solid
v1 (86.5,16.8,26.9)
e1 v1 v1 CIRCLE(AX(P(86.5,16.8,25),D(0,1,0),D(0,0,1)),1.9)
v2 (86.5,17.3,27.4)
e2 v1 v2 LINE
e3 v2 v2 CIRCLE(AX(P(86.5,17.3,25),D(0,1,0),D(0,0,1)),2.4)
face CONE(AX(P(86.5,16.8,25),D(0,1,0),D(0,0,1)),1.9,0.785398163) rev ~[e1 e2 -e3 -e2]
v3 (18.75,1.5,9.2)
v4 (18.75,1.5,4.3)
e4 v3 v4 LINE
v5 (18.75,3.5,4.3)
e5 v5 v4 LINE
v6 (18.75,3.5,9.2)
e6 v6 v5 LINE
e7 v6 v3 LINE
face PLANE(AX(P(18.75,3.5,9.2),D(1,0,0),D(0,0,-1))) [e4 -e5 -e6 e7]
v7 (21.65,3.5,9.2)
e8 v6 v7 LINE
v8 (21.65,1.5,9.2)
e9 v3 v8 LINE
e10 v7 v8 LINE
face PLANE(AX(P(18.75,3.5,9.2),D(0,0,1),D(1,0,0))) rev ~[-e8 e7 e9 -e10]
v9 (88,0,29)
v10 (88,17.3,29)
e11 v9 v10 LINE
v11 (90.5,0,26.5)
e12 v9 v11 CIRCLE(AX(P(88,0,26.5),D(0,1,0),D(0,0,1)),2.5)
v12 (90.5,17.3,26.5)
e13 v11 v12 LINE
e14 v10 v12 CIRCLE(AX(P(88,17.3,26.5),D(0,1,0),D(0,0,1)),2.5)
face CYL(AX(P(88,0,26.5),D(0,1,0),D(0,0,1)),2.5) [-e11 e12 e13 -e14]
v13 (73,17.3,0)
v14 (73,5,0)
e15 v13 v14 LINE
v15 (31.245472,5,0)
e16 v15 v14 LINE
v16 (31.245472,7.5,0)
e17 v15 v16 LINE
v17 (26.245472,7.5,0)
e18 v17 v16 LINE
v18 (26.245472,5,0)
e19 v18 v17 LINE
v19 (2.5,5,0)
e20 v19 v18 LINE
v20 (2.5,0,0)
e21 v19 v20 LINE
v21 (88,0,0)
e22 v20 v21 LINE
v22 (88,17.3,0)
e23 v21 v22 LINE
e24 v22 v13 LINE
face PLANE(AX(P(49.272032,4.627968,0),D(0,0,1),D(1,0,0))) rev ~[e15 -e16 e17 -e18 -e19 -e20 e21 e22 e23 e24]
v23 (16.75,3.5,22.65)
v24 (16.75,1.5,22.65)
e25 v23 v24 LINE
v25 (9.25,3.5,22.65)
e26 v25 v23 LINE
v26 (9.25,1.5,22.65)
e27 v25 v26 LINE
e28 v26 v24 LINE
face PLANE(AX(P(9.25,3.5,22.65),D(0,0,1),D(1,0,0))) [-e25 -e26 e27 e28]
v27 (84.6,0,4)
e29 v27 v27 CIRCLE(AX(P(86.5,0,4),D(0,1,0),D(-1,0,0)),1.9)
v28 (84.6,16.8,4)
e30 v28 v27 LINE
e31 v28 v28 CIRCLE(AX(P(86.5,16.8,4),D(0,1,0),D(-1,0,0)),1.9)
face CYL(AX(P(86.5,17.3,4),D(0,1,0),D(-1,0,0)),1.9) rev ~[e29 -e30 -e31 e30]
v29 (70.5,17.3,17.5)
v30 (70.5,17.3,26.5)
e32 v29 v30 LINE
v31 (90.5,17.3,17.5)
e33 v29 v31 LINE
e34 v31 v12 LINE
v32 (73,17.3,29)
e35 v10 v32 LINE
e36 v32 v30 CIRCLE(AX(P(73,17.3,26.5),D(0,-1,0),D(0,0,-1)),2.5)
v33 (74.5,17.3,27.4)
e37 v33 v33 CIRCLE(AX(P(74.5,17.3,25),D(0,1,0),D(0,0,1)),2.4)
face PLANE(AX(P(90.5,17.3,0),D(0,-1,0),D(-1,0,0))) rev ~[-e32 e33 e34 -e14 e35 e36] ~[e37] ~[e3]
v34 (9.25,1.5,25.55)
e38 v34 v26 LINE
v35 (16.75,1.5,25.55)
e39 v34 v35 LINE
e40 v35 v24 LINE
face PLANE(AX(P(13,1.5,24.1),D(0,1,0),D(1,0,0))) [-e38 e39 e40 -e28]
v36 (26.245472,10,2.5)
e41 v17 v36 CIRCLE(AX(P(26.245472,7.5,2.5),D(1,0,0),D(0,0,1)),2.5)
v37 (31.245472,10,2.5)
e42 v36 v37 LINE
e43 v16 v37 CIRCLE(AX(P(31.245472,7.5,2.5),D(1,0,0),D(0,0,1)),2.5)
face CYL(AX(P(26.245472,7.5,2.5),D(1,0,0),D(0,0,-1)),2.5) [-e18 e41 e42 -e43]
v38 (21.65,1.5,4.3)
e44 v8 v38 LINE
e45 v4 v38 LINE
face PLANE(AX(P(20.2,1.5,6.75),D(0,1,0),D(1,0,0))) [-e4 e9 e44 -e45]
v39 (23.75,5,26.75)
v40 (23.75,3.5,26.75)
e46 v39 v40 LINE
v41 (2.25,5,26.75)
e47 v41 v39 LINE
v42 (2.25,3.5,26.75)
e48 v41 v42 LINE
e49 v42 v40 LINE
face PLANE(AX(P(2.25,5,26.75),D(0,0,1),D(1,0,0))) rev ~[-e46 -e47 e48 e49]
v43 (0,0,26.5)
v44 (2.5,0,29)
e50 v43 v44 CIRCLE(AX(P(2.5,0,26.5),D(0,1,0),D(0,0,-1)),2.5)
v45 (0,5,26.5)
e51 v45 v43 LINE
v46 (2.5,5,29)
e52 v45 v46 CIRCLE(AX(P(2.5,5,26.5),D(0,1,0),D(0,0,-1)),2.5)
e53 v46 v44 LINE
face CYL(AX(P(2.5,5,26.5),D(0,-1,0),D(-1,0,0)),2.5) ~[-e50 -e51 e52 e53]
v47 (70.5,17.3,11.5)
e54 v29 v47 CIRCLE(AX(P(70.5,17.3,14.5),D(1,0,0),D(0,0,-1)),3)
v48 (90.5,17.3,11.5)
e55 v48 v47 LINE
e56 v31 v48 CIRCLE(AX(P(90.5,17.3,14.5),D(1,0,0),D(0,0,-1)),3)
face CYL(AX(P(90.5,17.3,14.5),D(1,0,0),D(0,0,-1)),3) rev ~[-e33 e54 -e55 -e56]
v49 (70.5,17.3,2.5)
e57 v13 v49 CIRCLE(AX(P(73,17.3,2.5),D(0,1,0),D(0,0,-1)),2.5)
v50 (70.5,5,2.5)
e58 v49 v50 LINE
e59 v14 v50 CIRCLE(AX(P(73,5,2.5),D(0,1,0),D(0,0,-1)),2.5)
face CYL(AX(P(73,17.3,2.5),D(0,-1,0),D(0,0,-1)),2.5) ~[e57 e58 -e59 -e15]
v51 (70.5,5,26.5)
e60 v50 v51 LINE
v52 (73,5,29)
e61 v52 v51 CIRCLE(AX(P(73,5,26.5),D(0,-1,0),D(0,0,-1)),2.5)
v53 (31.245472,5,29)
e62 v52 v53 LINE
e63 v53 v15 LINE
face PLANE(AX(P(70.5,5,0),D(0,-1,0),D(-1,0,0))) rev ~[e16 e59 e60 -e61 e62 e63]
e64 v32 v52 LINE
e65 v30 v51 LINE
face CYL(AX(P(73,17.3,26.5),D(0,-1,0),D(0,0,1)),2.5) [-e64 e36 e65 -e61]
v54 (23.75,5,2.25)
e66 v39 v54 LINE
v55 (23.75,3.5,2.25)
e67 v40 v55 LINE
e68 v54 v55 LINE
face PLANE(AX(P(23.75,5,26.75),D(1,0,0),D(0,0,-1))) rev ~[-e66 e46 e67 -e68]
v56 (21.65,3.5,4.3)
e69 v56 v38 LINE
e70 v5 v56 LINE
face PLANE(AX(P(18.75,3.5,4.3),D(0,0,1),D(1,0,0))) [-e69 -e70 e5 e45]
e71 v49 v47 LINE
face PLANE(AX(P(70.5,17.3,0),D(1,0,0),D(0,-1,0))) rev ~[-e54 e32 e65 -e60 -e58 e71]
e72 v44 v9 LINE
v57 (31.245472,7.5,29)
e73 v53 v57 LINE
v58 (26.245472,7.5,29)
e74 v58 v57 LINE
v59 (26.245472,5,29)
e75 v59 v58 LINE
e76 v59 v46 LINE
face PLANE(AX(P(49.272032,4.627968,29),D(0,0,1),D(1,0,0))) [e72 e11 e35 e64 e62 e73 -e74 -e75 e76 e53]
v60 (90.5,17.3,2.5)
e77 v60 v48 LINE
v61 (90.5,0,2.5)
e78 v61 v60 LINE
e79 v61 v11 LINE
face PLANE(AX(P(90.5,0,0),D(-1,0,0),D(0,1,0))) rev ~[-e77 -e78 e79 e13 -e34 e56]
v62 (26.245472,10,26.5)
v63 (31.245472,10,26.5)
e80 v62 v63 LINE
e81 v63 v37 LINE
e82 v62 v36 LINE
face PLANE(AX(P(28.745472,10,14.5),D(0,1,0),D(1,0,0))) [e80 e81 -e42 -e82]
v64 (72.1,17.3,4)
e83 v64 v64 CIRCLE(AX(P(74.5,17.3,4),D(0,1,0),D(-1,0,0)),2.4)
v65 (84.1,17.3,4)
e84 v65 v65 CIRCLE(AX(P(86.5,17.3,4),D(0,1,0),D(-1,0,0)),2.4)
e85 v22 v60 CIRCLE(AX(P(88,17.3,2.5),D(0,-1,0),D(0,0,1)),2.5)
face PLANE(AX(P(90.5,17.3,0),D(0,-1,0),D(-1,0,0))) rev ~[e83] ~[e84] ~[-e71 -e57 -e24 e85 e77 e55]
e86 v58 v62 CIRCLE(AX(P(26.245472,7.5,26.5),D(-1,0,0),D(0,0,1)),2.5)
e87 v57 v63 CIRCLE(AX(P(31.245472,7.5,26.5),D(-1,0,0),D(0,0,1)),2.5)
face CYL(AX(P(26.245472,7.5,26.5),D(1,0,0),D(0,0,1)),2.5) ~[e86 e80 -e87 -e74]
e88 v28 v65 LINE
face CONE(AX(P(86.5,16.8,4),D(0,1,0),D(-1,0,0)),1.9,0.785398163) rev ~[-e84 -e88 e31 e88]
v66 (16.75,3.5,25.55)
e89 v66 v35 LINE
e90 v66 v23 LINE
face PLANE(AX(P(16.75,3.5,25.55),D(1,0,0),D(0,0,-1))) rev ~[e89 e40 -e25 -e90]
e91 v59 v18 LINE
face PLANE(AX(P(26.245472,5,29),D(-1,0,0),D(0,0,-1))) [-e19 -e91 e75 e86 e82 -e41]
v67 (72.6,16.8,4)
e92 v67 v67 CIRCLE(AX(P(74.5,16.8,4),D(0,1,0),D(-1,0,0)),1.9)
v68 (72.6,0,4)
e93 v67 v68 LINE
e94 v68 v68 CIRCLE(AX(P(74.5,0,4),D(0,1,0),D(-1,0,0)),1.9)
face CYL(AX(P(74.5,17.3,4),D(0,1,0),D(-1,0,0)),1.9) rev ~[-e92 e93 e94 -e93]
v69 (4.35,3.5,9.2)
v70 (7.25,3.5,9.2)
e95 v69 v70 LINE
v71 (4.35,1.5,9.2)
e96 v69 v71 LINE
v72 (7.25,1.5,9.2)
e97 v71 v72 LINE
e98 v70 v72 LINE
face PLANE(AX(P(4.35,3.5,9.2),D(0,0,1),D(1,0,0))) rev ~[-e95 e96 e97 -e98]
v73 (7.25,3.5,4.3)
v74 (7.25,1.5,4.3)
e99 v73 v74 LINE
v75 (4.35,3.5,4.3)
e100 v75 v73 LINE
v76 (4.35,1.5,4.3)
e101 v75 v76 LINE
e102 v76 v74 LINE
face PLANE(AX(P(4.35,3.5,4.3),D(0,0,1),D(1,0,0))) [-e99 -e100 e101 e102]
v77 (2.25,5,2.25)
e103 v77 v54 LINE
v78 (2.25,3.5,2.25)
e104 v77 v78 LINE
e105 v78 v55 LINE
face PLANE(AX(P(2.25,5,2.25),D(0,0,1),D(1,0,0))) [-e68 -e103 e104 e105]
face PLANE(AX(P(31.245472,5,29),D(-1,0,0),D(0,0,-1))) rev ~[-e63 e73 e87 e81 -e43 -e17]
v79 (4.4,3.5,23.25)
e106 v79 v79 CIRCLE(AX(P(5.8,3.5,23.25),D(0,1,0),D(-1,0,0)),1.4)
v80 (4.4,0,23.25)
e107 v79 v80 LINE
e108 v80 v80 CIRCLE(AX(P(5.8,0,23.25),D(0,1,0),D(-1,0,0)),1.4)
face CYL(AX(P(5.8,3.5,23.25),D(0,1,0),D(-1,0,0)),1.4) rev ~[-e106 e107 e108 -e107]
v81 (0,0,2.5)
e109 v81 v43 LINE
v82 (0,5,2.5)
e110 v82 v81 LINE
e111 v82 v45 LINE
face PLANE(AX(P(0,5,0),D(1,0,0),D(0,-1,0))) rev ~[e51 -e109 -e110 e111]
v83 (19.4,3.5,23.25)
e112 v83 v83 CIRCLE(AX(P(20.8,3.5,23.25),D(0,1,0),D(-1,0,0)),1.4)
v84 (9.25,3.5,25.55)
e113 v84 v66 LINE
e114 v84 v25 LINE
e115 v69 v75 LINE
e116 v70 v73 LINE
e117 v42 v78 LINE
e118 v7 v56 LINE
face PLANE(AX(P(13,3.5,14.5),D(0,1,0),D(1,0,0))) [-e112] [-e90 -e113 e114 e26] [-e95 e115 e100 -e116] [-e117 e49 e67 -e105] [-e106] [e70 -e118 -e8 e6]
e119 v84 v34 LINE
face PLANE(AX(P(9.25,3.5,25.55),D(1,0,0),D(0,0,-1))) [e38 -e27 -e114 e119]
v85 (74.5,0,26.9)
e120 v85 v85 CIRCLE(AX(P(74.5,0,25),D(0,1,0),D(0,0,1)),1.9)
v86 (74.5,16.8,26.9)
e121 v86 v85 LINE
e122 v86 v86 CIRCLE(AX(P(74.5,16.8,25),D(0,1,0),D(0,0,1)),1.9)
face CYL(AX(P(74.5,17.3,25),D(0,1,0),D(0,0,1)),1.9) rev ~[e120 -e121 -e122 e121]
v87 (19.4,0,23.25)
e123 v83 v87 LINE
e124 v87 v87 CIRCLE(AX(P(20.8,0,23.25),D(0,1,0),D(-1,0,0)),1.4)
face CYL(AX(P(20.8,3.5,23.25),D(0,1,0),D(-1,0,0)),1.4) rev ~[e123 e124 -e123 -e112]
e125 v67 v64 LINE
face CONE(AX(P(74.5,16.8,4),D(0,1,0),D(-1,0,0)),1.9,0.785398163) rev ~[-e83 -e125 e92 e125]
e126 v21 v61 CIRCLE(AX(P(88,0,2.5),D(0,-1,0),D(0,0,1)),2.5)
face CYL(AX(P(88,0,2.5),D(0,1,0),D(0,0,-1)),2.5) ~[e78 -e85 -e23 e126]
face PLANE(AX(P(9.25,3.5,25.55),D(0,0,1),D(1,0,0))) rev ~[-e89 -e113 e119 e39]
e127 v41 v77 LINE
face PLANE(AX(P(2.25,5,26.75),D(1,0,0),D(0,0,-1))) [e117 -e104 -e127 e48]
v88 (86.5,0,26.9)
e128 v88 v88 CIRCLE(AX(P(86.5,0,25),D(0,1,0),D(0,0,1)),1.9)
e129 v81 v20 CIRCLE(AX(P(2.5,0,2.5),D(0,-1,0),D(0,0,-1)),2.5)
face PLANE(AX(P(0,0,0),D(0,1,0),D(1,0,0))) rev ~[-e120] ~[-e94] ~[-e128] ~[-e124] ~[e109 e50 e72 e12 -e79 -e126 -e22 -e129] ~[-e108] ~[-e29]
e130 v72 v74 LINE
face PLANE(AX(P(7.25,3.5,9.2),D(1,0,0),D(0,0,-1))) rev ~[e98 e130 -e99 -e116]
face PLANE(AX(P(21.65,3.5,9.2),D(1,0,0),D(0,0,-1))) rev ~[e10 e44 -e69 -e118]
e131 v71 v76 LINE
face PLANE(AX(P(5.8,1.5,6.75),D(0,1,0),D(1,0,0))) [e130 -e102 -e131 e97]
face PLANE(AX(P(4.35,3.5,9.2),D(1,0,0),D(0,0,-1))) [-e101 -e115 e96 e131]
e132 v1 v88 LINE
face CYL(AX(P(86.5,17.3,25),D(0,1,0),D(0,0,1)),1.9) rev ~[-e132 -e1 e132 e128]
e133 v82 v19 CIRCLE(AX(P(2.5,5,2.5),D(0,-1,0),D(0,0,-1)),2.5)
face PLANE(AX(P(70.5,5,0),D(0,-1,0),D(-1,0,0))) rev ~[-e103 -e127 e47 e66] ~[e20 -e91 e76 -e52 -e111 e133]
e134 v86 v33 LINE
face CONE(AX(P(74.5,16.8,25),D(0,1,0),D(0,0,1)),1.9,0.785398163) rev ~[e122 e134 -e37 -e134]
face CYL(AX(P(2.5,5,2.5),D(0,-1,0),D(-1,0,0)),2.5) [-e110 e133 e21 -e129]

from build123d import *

# Parameters (mm, degrees)
P_IDAT_VYSUNUT_M1_DEPTH  = 29
SKICA2_W                 = 21.5
SKICA2_H                 = 24.5
ODEBRAT_VYSUNUT_M1_DEPTH = 1.5
SKICA3_R                 = 1.4
ODEBRAT_VYSUNUT_M2_DEPTH = 3.5
SKICA6_W                 = 2.9
SKICA6_H                 = 4.9
SKICA6_W_2               = 7.5
SKICA6_H_2               = 2.9
ODEBRAT_VYSUNUT_M5_DEPTH = 2
ZAOBLIT1_R               = 2.5
ZAOBLIT2_R               = 2.5
SKICA10_R                = 1.9
ODEBRAT_VYSUNUT_M7_DEPTH = 17.3
SKICA20_R                = 3
ODEBRAT_VYSUNUT_M8_DEPTH = 20
ZKOSEN_1_SIZE            = 0.5
SKICA21_W                = 5
SKICA21_H                = 29
P_IDAT_VYSUNUT_M2_DEPTH  = 5
ZAOBLIT4_R               = 2.5


with BuildPart() as part:
    # Skica1 → Přidat vysunutím1 (new body)
    with BuildSketch(Plane.XY):
        Polygon((0, 0), (90.5, 0), (90.5, 17.3), (70.5, 17.3), (70.5, 5), (0, 5), align=None)
    extrude(amount=P_IDAT_VYSUNUT_M1_DEPTH)

    # Skica2 → Odebrat vysunutím1 (cut)
    with BuildSketch(Plane(origin=(0, 5, 0), x_dir=(1, 0, 0), z_dir=(0, 1, 0))):
        with Locations((13, -14.5)):
            Rectangle(SKICA2_W, SKICA2_H)
    extrude(amount=-ODEBRAT_VYSUNUT_M1_DEPTH, mode=Mode.SUBTRACT)

    # Skica3 → Odebrat vysunutím2 (cut)
    with BuildSketch(Plane(origin=(0, 3.5, 0), x_dir=(1, 0, 0), z_dir=(0, 1, 0))):
        with Locations(Location((20.8, -23.25, 0), (0, 0, 180))):
            Circle(SKICA3_R)
        with Locations(Location((5.8, -23.25, 0), (0, 0, 180))):
            Circle(SKICA3_R)
    extrude(amount=-ODEBRAT_VYSUNUT_M2_DEPTH, mode=Mode.SUBTRACT)

    # Skica6 → Odebrat vysunutím5 (cut)
    with BuildSketch(Plane(origin=(0, 3.5, 0), x_dir=(1, 0, 0), z_dir=(0, 1, 0))):
        with Locations((5.8, -6.75)):
            Rectangle(SKICA6_W, SKICA6_H)
        with Locations((20.2, -6.75)):
            Rectangle(SKICA6_W, SKICA6_H)
        with Locations((13, -24.1)):
            Rectangle(SKICA6_W_2, SKICA6_H_2)
    extrude(amount=-ODEBRAT_VYSUNUT_M5_DEPTH, mode=Mode.SUBTRACT)

    # Zaoblit1
    zaoblit1_edges = [part.edges().sort_by_distance(p)[0] for p in [
        (0, 2.5, 29),
        (0, 2.5, 0),
    ]]
    fillet(zaoblit1_edges, radius=ZAOBLIT1_R)

    # Zaoblit2
    zaoblit2_edges = [part.edges().sort_by_distance(p)[0] for p in [
        (90.5, 8.65, 29),
        (70.5, 11.15, 29),
        (70.5, 11.15, 0),
        (90.5, 8.65, 0),
    ]]
    fillet(zaoblit2_edges, radius=ZAOBLIT2_R)

    # Skica10 → Odebrat vysunutím7 (cut)
    with BuildSketch(Plane(origin=(0, 17.3, 0), x_dir=(1, 0, 0), z_dir=(0, 1, 0))):
        with Locations(Location((74.5, -4, 0), (0, 0, 180))):
            Circle(SKICA10_R)
        with Locations(Location((86.5, -4, 0), (0, 0, 180))):
            Circle(SKICA10_R)
        with Locations(Location((86.5, -25, 0), (0, 0, 270))):
            Circle(SKICA10_R)
        with Locations(Location((74.5, -25, 0), (0, 0, 270))):
            Circle(SKICA10_R)
    extrude(amount=-ODEBRAT_VYSUNUT_M7_DEPTH, mode=Mode.SUBTRACT)

    # Skica20 → Odebrat vysunutím8 (cut)
    with BuildSketch(Plane(origin=(90.5, 0, 0), x_dir=(0, 0, -1), z_dir=(1, 0, 0))):
        with Locations((-14.5, 17.3)):
            Circle(SKICA20_R)
    extrude(amount=-ODEBRAT_VYSUNUT_M8_DEPTH, mode=Mode.SUBTRACT)

    # Zkosení1
    zkosen_1_edges = [part.edges().sort_by_distance(p)[0] for p in [
        (74.5, 17.3, 23.1),
        (86.5, 17.3, 23.1),
        (88.4, 17.3, 4),
        (76.4, 17.3, 4),
    ]]
    chamfer(zkosen_1_edges, length=ZKOSEN_1_SIZE)

    # Skica21 → Přidat vysunutím2 (add)
    with BuildSketch(Plane(origin=(0, 5, 0), x_dir=(1, 0, 0), z_dir=(0, 1, 0))):
        with Locations((28.745471576, -14.5)):
            Rectangle(SKICA21_W, SKICA21_H)
    extrude(amount=P_IDAT_VYSUNUT_M2_DEPTH)

    # Zaoblit4
    zaoblit4_edges = [part.edges().sort_by_distance(p)[0] for p in [
        (28.745471576, 10, 29),
        (28.745471576, 10, 0),
    ]]
    fillet(zaoblit4_edges, radius=ZAOBLIT4_R)


solid = part.part
